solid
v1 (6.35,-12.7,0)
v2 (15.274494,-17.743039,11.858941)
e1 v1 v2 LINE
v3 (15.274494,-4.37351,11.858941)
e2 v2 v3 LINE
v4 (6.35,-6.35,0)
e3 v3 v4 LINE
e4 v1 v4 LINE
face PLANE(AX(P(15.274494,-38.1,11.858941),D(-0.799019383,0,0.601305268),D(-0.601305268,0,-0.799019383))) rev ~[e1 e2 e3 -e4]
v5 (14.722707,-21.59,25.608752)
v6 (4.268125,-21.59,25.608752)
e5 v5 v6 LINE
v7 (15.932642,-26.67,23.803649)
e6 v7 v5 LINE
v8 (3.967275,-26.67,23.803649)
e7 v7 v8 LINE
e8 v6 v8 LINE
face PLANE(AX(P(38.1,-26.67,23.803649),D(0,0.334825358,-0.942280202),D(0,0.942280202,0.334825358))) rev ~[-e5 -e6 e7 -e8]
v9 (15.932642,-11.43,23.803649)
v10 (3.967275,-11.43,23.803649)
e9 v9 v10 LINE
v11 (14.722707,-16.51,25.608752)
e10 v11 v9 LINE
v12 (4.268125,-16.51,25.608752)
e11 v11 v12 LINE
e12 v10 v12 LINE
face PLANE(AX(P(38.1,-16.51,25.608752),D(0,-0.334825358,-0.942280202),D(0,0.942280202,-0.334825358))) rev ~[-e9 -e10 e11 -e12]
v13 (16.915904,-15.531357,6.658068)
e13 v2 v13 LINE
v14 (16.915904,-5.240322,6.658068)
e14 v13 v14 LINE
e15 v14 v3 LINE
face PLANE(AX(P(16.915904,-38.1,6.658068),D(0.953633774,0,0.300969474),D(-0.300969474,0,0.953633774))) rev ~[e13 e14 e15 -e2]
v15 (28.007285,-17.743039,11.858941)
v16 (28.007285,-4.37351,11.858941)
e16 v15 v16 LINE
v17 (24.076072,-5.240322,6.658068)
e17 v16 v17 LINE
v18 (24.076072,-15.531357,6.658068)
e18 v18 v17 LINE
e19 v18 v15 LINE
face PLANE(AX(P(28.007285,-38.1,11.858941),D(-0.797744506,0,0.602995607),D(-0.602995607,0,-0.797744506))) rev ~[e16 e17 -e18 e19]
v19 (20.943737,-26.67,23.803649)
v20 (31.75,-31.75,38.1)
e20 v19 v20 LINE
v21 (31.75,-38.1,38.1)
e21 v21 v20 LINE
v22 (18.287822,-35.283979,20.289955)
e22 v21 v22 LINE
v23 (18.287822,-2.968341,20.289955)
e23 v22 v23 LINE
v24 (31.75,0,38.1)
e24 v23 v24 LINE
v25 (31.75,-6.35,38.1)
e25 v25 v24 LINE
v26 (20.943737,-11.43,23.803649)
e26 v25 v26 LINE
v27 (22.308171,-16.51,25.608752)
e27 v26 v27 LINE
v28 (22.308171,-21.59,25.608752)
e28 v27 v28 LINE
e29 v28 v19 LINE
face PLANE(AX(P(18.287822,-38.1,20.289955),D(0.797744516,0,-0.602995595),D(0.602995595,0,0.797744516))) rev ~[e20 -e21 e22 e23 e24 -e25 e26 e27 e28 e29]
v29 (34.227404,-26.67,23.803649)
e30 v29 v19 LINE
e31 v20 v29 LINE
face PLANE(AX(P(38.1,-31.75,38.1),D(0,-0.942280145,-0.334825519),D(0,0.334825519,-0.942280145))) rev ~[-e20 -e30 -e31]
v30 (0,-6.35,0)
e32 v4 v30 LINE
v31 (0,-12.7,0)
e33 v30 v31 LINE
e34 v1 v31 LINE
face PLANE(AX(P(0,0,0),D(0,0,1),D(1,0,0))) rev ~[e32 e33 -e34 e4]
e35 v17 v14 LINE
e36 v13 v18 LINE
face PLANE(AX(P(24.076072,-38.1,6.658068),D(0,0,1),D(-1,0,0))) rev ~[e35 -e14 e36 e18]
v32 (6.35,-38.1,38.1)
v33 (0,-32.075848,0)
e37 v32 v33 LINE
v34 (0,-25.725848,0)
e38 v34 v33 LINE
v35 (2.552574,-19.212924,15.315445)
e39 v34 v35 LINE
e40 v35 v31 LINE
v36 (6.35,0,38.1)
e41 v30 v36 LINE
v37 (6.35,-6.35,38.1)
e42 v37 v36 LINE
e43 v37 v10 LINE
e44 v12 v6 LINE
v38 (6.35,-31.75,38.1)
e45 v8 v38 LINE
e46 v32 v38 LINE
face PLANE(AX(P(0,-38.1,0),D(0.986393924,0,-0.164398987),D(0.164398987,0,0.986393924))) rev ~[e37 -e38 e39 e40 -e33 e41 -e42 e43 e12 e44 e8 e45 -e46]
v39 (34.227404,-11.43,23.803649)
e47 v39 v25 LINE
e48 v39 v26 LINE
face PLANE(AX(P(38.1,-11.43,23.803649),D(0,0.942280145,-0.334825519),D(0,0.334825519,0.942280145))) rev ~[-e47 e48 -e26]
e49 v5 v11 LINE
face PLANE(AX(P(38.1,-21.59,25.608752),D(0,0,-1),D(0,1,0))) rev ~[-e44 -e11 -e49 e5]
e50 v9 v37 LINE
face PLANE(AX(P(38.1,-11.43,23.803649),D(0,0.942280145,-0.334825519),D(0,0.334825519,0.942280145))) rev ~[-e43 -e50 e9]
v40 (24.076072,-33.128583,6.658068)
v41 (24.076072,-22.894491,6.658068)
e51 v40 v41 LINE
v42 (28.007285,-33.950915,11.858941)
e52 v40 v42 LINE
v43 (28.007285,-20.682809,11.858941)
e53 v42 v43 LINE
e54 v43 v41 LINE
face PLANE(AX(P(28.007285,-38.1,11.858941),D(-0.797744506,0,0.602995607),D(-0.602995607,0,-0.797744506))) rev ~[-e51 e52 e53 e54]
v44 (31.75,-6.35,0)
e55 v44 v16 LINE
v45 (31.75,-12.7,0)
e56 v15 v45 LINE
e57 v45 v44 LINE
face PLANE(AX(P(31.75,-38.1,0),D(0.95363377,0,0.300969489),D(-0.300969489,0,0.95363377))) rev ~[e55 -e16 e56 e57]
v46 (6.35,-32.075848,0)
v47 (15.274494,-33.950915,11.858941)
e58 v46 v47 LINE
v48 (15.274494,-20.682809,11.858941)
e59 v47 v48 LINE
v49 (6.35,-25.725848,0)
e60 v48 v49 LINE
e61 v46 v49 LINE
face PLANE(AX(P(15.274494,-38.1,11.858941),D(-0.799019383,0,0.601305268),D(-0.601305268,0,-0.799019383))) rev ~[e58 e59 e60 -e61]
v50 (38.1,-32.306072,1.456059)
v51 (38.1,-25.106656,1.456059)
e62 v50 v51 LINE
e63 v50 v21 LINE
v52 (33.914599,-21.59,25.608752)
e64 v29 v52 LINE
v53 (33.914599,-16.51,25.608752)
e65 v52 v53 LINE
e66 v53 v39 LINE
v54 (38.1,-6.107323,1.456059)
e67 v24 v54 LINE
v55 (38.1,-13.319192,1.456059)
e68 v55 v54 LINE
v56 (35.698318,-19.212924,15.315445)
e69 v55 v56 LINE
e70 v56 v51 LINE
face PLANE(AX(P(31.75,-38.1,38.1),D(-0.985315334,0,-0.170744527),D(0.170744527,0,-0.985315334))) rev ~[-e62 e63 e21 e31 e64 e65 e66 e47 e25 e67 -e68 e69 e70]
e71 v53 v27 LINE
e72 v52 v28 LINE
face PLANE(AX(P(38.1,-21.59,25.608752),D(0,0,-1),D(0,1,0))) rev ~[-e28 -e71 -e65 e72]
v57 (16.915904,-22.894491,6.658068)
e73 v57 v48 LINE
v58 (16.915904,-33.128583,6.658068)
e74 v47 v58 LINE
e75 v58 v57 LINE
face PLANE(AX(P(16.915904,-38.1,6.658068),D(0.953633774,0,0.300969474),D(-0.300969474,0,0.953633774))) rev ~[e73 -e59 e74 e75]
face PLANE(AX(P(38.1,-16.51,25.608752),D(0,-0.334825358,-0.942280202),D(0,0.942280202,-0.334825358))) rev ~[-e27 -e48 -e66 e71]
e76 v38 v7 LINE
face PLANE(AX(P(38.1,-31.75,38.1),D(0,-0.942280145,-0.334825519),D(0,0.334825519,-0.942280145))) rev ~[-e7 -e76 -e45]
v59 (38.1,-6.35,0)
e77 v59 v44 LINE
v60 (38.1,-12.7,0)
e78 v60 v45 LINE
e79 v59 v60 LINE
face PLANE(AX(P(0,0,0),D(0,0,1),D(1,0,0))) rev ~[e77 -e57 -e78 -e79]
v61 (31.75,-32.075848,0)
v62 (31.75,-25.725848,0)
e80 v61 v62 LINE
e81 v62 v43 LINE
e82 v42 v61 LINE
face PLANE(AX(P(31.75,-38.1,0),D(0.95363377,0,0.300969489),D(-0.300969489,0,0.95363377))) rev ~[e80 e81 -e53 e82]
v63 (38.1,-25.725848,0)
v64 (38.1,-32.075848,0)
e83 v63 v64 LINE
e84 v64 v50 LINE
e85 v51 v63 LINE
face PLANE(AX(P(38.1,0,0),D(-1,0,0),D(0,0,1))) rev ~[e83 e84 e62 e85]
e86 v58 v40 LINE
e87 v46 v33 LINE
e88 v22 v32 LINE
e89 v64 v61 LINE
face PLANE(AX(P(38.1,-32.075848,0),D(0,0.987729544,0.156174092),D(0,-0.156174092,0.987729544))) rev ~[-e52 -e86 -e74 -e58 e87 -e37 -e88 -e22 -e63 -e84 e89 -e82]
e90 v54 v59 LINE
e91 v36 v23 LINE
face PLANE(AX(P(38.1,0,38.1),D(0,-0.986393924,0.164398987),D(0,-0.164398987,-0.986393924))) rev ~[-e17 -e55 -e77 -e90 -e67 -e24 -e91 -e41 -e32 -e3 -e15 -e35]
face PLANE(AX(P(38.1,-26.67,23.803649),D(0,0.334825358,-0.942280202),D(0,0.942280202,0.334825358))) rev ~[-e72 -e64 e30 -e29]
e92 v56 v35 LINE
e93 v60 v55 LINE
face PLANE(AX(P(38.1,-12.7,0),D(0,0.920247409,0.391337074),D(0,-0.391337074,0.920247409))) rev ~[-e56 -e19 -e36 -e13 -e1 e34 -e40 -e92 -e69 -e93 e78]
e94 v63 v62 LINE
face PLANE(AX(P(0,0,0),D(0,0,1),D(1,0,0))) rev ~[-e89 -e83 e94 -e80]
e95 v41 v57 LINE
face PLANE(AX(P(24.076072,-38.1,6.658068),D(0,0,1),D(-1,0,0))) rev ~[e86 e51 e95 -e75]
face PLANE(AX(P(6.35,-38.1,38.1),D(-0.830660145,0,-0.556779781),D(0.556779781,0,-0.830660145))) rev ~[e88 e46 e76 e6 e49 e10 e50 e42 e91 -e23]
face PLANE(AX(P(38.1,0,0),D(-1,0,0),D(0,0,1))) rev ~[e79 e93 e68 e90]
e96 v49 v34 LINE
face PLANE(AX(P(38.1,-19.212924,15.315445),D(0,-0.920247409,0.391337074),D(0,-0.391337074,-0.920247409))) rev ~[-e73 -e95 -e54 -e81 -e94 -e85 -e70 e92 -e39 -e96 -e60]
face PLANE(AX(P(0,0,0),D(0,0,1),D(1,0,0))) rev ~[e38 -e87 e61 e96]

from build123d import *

# Parameters (mm, degrees)
F0_W     = 38.1
F0_H     = 38.1
F1_DEPTH = 38.1
F6_DEPTH = 38.1
F8_DEPTH = 38.1


with BuildPart() as f1:
    # F0 (on Front) → F1 (new body)
    with BuildSketch(Plane.XZ):
        with Locations((19.05, 19.05)):
            Rectangle(F0_W, F0_H)
    extrude(amount=F1_DEPTH)

    # F4 (on offset) → F6 (cut)
    with BuildSketch(Plane.YZ.offset(38.1)):
        Polygon((-38.1, 38.1), (-38.1, 0), (-32.075848, 0), align=None)
        Polygon((-6.35, 38.1), (-31.75, 38.1), (-26.67, 23.803649), (-21.59, 25.608752), (-16.51, 25.608752), (-11.43, 23.803649), align=None)
        Polygon((0, 38.1), (-6.35, 0), (0, 0), align=None)
        Polygon((-19.212924, 15.315445), (-25.725848, 0), (-12.7, 0), align=None)
    extrude(amount=-F6_DEPTH, mode=Mode.SUBTRACT)

    # F7 (on offset) → F8 (cut)
    with BuildSketch(Plane.XZ.offset(38.1)):
        Polygon((0, 38.1), (0, 0), (6.35, 38.1), align=None)
        Polygon((38.1, 38.1), (31.75, 38.1), (38.1, 1.456059), align=None)
        Polygon((15.274494, 11.858941), (6.35, 0), (31.75, 0), (28.007285, 11.858941), (24.076072, 6.658068), (16.915904, 6.658068), align=None)
        Polygon((31.75, 38.1), (6.35, 38.1), (18.287822, 20.289955), align=None)
    extrude(amount=-F8_DEPTH, mode=Mode.SUBTRACT)


solid = f1.part
